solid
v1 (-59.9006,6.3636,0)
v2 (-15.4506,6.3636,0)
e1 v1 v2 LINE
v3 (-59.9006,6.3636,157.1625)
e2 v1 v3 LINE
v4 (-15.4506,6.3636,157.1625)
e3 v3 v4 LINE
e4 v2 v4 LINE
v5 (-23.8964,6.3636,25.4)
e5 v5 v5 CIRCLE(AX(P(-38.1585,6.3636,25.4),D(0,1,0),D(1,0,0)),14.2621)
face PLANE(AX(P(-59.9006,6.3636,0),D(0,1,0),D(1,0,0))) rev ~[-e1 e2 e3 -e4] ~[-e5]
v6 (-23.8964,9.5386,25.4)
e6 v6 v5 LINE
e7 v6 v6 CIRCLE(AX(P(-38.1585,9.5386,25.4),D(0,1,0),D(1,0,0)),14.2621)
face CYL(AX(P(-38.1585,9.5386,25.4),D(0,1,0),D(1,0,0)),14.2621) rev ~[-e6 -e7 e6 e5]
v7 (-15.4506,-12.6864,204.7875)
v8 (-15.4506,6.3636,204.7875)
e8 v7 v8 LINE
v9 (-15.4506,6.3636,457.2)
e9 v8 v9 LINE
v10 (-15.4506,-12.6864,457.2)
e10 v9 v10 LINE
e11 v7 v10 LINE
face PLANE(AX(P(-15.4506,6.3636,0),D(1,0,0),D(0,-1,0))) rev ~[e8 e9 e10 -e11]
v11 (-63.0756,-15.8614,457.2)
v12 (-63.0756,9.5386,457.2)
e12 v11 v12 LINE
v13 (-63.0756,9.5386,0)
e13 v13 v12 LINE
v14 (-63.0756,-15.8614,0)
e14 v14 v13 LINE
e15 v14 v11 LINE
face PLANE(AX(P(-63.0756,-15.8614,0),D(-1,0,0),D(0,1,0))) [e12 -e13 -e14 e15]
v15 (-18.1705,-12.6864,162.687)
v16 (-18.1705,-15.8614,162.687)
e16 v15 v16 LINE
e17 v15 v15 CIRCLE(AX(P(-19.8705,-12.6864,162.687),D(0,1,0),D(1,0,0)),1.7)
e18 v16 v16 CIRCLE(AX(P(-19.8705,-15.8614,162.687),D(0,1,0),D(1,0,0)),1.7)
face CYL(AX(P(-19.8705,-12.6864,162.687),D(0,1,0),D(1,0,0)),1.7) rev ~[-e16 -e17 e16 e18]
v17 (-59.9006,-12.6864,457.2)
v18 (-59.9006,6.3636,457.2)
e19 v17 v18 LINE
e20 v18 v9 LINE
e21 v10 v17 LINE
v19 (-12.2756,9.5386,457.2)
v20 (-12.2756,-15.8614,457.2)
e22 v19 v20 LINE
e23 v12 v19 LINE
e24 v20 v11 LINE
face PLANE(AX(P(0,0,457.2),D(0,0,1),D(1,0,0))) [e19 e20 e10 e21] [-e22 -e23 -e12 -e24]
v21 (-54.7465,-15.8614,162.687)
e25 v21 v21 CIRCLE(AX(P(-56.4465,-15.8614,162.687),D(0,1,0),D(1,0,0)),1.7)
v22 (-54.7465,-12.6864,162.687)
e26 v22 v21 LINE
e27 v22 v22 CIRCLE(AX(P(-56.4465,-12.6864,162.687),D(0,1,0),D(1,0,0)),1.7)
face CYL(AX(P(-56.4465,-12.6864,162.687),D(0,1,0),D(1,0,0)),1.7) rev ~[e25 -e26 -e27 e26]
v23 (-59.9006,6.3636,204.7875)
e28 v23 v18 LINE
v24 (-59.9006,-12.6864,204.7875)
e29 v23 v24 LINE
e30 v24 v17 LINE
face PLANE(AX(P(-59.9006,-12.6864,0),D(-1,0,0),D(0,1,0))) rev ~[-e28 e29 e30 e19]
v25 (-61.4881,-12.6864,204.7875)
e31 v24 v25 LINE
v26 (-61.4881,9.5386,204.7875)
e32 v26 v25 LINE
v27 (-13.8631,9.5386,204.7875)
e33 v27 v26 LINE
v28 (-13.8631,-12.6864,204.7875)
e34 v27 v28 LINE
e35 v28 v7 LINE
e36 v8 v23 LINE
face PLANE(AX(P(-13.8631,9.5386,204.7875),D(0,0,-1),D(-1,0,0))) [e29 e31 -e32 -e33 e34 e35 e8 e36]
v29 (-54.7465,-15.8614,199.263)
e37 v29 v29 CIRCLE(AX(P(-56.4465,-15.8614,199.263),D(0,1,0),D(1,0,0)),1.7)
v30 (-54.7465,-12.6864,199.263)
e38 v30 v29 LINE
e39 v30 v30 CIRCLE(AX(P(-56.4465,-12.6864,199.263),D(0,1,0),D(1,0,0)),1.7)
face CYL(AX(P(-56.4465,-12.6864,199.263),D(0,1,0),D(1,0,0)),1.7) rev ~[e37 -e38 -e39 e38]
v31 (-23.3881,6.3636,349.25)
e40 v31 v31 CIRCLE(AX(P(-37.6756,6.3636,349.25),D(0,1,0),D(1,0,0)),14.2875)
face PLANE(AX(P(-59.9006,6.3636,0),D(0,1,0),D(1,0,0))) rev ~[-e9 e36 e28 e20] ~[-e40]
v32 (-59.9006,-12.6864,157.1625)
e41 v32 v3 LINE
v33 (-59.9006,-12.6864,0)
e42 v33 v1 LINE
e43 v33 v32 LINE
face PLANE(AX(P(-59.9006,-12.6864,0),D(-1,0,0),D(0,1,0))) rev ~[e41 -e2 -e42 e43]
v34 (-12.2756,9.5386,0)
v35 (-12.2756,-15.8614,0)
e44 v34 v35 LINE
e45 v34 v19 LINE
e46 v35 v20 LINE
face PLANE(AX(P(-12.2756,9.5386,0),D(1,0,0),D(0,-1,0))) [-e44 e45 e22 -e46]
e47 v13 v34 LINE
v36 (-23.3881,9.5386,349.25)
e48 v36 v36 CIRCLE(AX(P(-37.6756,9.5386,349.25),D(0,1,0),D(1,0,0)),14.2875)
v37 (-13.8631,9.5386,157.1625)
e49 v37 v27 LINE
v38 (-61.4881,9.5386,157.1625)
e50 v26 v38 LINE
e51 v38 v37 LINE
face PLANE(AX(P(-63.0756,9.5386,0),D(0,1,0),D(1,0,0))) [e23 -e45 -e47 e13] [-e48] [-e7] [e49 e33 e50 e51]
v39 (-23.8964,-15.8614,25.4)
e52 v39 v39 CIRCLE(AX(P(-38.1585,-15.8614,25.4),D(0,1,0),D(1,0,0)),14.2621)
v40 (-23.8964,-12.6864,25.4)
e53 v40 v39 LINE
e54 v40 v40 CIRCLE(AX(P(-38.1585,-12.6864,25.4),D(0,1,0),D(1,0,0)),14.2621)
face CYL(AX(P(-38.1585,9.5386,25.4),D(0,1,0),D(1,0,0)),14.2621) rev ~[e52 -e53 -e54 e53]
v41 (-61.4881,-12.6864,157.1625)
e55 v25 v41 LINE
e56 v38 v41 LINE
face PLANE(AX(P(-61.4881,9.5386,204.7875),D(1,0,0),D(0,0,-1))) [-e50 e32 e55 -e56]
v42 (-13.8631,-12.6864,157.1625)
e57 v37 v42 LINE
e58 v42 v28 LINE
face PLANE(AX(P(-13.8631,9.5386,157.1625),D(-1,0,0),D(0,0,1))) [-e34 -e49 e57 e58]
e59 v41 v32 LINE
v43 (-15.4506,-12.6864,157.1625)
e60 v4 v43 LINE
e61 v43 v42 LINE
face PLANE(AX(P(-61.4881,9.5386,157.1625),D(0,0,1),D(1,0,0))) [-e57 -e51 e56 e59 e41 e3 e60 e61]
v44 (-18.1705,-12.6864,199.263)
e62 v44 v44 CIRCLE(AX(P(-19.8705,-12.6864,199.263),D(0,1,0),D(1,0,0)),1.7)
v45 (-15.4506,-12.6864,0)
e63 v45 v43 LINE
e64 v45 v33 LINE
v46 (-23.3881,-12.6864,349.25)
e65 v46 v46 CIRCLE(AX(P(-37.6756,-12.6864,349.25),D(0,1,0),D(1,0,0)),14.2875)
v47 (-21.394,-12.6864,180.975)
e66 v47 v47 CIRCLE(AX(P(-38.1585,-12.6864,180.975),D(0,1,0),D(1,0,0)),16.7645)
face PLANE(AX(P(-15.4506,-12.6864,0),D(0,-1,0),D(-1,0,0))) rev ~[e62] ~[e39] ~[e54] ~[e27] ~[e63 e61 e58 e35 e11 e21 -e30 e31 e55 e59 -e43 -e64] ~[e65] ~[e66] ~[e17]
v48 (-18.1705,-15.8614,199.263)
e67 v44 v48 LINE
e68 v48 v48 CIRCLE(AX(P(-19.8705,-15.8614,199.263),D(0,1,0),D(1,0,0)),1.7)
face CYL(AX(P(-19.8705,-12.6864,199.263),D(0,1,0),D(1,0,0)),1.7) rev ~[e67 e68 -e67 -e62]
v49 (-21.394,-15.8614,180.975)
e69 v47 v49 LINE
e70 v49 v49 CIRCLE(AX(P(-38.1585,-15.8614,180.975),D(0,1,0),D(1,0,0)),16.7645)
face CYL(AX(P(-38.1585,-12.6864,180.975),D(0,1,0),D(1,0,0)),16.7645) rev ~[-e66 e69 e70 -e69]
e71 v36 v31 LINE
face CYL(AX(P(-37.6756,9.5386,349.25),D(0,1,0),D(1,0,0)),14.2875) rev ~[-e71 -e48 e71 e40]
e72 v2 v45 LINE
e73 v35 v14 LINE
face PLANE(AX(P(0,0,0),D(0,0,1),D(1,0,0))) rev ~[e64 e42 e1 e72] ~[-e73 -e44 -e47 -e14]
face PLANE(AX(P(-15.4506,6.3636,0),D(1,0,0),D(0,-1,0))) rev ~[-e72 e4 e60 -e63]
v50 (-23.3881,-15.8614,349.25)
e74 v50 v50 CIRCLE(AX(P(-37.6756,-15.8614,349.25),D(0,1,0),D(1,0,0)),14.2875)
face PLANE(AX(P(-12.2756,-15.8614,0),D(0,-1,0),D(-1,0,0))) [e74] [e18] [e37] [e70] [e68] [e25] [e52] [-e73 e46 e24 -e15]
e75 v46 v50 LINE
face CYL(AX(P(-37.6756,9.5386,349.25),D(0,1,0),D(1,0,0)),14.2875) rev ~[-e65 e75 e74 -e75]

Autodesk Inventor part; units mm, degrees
ref_plane "YZ Plane" through (0, 0, 0) normal (1, 0, 0) x (0, 1, 0)
ref_plane "XZ Plane" through (0, 0, 0) normal (0, 1, 0) x (-1, 0, 0)
ref_plane "XY Plane" through (0, 0, 0) normal (0, 0, 1) x (1, 0, 0)
sketch "Sketch1" plane through (0, 0, 0) normal (0, 0, 1) x (1, 0, 0)
  line L0 (-59.9006, 6.3636) -> (-15.4506, 6.3636)
  line L1 (-15.4506, 6.3636) -> (-15.4506, -12.6864)
  line L2 (-15.4506, -12.6864) -> (-59.9006, -12.6864)
  line L3 (-59.9006, -12.6864) -> (-59.9006, 6.3636)
  line L4 (-63.0756, 9.5386) -> (-12.2756, 9.5386)
  line L5 (-12.2756, 9.5386) -> (-12.2756, -15.8614)
  line L6 (-12.2756, -15.8614) -> (-63.0756, -15.8614)
  line L7 (-63.0756, -15.8614) -> (-63.0756, 9.5386)
  point P0 (0, 0)
  dimension "d2" = 3.175
  dimension "d5" = 50.8
  dimension "d6" = 25.4
extrude "Extrusion1" add sketch "Sketch1" along normal blind 457.2
sketch "Sketch4" plane through (-63.0756, 9.5386, 0) normal (0, 1, 0) x (1, 0, 0)
  circle A0 centre (24.9171, -25.4) radius 14.2621
  line L0 (0, 0) -> (50.8, 0) projected
  point P0 (63.0756, 0)
  dimension "d13" = 28.5242
  dimension "d14" = 25.4
extrude "Extrusion4" cut sketch "Sketch4" against normal through all
sketch "Sketch2" plane through (-63.0756, 9.5386, 0) normal (0, 1, 0) x (1, 0, 0)
  line L0 (1.5875, -157.1625) -> (49.2125, -157.1625)
  line L1 (49.2125, -157.1625) -> (49.2125, -204.7875)
  line L2 (49.2125, -204.7875) -> (1.5875, -204.7875)
  line L3 (1.5875, -204.7875) -> (1.5875, -157.1625)
  line L4 (50.8, -457.2) -> (0, -457.2) projected
  circle A0 centre (24.9171, -25.4) radius 14.2621 projected
  line L5 (0, 0) -> (50.8, 0) projected
  point P0 (63.0756, 0)
  point P1 (25.4, -204.7875)
  point P2 (25.4, -457.2)
  dimension "d7" = 47.625
  dimension "d8" = 47.625
  dimension "d24" = 157.1625
extrude "Extrusion2" cut sketch "Sketch2" against normal up to surface (22.225 mm away) contours L0 L1 L2 L3
sketch "Sketch9" plane through (-59.9006, -12.6864, 0) normal (0, 1, 0) x (1, 0, 0)
  circle A0 centre (21.7421, -180.975) radius 16.7645
  line L0 (-1.5875, -204.7875) -> (-1.5875, -157.1625) projected
  circle A1 centre (21.7421, -25.4) radius 14.2621 projected
  circle A2 centre (3.4541, -199.263) radius 1.7
  circle A3 centre (40.0301, -199.263) radius 1.7
  circle A4 centre (40.0301, -162.687) radius 1.7
  circle A5 centre (3.4541, -162.687) radius 1.7
  point P0 (59.9006, 0)
  point P1 (-1.5875, -180.975)
  dimension "d34" = 18.288
  dimension "d35" = 18.288
  dimension "d38" = 360
extrude "Extrusion8" cut sketch "Sketch9" against normal through all contours A0 | A2 | A3 | A4 | A5
sketch "Sketch10" plane through (-63.0756, 9.5386, 0) normal (0, 1, 0) x (1, 0, 0)
  circle A0 centre (25.4, -349.25) radius 14.2875
  line L0 (50.8, -457.2) -> (0, -457.2) projected
  line L1 (0, 0) -> (50.8, 0) projected
  point P0 (63.0756, 0)
  point P1 (25.4, -457.2)
  dimension "d42" = 28.575
  dimension "d43" = 349.25
extrude "Extrusion9" cut sketch "Sketch10" against normal through all
equation "\"d8\" = d7"
equation "\"d35\" = d34"
properties part number "1x2 arm"
